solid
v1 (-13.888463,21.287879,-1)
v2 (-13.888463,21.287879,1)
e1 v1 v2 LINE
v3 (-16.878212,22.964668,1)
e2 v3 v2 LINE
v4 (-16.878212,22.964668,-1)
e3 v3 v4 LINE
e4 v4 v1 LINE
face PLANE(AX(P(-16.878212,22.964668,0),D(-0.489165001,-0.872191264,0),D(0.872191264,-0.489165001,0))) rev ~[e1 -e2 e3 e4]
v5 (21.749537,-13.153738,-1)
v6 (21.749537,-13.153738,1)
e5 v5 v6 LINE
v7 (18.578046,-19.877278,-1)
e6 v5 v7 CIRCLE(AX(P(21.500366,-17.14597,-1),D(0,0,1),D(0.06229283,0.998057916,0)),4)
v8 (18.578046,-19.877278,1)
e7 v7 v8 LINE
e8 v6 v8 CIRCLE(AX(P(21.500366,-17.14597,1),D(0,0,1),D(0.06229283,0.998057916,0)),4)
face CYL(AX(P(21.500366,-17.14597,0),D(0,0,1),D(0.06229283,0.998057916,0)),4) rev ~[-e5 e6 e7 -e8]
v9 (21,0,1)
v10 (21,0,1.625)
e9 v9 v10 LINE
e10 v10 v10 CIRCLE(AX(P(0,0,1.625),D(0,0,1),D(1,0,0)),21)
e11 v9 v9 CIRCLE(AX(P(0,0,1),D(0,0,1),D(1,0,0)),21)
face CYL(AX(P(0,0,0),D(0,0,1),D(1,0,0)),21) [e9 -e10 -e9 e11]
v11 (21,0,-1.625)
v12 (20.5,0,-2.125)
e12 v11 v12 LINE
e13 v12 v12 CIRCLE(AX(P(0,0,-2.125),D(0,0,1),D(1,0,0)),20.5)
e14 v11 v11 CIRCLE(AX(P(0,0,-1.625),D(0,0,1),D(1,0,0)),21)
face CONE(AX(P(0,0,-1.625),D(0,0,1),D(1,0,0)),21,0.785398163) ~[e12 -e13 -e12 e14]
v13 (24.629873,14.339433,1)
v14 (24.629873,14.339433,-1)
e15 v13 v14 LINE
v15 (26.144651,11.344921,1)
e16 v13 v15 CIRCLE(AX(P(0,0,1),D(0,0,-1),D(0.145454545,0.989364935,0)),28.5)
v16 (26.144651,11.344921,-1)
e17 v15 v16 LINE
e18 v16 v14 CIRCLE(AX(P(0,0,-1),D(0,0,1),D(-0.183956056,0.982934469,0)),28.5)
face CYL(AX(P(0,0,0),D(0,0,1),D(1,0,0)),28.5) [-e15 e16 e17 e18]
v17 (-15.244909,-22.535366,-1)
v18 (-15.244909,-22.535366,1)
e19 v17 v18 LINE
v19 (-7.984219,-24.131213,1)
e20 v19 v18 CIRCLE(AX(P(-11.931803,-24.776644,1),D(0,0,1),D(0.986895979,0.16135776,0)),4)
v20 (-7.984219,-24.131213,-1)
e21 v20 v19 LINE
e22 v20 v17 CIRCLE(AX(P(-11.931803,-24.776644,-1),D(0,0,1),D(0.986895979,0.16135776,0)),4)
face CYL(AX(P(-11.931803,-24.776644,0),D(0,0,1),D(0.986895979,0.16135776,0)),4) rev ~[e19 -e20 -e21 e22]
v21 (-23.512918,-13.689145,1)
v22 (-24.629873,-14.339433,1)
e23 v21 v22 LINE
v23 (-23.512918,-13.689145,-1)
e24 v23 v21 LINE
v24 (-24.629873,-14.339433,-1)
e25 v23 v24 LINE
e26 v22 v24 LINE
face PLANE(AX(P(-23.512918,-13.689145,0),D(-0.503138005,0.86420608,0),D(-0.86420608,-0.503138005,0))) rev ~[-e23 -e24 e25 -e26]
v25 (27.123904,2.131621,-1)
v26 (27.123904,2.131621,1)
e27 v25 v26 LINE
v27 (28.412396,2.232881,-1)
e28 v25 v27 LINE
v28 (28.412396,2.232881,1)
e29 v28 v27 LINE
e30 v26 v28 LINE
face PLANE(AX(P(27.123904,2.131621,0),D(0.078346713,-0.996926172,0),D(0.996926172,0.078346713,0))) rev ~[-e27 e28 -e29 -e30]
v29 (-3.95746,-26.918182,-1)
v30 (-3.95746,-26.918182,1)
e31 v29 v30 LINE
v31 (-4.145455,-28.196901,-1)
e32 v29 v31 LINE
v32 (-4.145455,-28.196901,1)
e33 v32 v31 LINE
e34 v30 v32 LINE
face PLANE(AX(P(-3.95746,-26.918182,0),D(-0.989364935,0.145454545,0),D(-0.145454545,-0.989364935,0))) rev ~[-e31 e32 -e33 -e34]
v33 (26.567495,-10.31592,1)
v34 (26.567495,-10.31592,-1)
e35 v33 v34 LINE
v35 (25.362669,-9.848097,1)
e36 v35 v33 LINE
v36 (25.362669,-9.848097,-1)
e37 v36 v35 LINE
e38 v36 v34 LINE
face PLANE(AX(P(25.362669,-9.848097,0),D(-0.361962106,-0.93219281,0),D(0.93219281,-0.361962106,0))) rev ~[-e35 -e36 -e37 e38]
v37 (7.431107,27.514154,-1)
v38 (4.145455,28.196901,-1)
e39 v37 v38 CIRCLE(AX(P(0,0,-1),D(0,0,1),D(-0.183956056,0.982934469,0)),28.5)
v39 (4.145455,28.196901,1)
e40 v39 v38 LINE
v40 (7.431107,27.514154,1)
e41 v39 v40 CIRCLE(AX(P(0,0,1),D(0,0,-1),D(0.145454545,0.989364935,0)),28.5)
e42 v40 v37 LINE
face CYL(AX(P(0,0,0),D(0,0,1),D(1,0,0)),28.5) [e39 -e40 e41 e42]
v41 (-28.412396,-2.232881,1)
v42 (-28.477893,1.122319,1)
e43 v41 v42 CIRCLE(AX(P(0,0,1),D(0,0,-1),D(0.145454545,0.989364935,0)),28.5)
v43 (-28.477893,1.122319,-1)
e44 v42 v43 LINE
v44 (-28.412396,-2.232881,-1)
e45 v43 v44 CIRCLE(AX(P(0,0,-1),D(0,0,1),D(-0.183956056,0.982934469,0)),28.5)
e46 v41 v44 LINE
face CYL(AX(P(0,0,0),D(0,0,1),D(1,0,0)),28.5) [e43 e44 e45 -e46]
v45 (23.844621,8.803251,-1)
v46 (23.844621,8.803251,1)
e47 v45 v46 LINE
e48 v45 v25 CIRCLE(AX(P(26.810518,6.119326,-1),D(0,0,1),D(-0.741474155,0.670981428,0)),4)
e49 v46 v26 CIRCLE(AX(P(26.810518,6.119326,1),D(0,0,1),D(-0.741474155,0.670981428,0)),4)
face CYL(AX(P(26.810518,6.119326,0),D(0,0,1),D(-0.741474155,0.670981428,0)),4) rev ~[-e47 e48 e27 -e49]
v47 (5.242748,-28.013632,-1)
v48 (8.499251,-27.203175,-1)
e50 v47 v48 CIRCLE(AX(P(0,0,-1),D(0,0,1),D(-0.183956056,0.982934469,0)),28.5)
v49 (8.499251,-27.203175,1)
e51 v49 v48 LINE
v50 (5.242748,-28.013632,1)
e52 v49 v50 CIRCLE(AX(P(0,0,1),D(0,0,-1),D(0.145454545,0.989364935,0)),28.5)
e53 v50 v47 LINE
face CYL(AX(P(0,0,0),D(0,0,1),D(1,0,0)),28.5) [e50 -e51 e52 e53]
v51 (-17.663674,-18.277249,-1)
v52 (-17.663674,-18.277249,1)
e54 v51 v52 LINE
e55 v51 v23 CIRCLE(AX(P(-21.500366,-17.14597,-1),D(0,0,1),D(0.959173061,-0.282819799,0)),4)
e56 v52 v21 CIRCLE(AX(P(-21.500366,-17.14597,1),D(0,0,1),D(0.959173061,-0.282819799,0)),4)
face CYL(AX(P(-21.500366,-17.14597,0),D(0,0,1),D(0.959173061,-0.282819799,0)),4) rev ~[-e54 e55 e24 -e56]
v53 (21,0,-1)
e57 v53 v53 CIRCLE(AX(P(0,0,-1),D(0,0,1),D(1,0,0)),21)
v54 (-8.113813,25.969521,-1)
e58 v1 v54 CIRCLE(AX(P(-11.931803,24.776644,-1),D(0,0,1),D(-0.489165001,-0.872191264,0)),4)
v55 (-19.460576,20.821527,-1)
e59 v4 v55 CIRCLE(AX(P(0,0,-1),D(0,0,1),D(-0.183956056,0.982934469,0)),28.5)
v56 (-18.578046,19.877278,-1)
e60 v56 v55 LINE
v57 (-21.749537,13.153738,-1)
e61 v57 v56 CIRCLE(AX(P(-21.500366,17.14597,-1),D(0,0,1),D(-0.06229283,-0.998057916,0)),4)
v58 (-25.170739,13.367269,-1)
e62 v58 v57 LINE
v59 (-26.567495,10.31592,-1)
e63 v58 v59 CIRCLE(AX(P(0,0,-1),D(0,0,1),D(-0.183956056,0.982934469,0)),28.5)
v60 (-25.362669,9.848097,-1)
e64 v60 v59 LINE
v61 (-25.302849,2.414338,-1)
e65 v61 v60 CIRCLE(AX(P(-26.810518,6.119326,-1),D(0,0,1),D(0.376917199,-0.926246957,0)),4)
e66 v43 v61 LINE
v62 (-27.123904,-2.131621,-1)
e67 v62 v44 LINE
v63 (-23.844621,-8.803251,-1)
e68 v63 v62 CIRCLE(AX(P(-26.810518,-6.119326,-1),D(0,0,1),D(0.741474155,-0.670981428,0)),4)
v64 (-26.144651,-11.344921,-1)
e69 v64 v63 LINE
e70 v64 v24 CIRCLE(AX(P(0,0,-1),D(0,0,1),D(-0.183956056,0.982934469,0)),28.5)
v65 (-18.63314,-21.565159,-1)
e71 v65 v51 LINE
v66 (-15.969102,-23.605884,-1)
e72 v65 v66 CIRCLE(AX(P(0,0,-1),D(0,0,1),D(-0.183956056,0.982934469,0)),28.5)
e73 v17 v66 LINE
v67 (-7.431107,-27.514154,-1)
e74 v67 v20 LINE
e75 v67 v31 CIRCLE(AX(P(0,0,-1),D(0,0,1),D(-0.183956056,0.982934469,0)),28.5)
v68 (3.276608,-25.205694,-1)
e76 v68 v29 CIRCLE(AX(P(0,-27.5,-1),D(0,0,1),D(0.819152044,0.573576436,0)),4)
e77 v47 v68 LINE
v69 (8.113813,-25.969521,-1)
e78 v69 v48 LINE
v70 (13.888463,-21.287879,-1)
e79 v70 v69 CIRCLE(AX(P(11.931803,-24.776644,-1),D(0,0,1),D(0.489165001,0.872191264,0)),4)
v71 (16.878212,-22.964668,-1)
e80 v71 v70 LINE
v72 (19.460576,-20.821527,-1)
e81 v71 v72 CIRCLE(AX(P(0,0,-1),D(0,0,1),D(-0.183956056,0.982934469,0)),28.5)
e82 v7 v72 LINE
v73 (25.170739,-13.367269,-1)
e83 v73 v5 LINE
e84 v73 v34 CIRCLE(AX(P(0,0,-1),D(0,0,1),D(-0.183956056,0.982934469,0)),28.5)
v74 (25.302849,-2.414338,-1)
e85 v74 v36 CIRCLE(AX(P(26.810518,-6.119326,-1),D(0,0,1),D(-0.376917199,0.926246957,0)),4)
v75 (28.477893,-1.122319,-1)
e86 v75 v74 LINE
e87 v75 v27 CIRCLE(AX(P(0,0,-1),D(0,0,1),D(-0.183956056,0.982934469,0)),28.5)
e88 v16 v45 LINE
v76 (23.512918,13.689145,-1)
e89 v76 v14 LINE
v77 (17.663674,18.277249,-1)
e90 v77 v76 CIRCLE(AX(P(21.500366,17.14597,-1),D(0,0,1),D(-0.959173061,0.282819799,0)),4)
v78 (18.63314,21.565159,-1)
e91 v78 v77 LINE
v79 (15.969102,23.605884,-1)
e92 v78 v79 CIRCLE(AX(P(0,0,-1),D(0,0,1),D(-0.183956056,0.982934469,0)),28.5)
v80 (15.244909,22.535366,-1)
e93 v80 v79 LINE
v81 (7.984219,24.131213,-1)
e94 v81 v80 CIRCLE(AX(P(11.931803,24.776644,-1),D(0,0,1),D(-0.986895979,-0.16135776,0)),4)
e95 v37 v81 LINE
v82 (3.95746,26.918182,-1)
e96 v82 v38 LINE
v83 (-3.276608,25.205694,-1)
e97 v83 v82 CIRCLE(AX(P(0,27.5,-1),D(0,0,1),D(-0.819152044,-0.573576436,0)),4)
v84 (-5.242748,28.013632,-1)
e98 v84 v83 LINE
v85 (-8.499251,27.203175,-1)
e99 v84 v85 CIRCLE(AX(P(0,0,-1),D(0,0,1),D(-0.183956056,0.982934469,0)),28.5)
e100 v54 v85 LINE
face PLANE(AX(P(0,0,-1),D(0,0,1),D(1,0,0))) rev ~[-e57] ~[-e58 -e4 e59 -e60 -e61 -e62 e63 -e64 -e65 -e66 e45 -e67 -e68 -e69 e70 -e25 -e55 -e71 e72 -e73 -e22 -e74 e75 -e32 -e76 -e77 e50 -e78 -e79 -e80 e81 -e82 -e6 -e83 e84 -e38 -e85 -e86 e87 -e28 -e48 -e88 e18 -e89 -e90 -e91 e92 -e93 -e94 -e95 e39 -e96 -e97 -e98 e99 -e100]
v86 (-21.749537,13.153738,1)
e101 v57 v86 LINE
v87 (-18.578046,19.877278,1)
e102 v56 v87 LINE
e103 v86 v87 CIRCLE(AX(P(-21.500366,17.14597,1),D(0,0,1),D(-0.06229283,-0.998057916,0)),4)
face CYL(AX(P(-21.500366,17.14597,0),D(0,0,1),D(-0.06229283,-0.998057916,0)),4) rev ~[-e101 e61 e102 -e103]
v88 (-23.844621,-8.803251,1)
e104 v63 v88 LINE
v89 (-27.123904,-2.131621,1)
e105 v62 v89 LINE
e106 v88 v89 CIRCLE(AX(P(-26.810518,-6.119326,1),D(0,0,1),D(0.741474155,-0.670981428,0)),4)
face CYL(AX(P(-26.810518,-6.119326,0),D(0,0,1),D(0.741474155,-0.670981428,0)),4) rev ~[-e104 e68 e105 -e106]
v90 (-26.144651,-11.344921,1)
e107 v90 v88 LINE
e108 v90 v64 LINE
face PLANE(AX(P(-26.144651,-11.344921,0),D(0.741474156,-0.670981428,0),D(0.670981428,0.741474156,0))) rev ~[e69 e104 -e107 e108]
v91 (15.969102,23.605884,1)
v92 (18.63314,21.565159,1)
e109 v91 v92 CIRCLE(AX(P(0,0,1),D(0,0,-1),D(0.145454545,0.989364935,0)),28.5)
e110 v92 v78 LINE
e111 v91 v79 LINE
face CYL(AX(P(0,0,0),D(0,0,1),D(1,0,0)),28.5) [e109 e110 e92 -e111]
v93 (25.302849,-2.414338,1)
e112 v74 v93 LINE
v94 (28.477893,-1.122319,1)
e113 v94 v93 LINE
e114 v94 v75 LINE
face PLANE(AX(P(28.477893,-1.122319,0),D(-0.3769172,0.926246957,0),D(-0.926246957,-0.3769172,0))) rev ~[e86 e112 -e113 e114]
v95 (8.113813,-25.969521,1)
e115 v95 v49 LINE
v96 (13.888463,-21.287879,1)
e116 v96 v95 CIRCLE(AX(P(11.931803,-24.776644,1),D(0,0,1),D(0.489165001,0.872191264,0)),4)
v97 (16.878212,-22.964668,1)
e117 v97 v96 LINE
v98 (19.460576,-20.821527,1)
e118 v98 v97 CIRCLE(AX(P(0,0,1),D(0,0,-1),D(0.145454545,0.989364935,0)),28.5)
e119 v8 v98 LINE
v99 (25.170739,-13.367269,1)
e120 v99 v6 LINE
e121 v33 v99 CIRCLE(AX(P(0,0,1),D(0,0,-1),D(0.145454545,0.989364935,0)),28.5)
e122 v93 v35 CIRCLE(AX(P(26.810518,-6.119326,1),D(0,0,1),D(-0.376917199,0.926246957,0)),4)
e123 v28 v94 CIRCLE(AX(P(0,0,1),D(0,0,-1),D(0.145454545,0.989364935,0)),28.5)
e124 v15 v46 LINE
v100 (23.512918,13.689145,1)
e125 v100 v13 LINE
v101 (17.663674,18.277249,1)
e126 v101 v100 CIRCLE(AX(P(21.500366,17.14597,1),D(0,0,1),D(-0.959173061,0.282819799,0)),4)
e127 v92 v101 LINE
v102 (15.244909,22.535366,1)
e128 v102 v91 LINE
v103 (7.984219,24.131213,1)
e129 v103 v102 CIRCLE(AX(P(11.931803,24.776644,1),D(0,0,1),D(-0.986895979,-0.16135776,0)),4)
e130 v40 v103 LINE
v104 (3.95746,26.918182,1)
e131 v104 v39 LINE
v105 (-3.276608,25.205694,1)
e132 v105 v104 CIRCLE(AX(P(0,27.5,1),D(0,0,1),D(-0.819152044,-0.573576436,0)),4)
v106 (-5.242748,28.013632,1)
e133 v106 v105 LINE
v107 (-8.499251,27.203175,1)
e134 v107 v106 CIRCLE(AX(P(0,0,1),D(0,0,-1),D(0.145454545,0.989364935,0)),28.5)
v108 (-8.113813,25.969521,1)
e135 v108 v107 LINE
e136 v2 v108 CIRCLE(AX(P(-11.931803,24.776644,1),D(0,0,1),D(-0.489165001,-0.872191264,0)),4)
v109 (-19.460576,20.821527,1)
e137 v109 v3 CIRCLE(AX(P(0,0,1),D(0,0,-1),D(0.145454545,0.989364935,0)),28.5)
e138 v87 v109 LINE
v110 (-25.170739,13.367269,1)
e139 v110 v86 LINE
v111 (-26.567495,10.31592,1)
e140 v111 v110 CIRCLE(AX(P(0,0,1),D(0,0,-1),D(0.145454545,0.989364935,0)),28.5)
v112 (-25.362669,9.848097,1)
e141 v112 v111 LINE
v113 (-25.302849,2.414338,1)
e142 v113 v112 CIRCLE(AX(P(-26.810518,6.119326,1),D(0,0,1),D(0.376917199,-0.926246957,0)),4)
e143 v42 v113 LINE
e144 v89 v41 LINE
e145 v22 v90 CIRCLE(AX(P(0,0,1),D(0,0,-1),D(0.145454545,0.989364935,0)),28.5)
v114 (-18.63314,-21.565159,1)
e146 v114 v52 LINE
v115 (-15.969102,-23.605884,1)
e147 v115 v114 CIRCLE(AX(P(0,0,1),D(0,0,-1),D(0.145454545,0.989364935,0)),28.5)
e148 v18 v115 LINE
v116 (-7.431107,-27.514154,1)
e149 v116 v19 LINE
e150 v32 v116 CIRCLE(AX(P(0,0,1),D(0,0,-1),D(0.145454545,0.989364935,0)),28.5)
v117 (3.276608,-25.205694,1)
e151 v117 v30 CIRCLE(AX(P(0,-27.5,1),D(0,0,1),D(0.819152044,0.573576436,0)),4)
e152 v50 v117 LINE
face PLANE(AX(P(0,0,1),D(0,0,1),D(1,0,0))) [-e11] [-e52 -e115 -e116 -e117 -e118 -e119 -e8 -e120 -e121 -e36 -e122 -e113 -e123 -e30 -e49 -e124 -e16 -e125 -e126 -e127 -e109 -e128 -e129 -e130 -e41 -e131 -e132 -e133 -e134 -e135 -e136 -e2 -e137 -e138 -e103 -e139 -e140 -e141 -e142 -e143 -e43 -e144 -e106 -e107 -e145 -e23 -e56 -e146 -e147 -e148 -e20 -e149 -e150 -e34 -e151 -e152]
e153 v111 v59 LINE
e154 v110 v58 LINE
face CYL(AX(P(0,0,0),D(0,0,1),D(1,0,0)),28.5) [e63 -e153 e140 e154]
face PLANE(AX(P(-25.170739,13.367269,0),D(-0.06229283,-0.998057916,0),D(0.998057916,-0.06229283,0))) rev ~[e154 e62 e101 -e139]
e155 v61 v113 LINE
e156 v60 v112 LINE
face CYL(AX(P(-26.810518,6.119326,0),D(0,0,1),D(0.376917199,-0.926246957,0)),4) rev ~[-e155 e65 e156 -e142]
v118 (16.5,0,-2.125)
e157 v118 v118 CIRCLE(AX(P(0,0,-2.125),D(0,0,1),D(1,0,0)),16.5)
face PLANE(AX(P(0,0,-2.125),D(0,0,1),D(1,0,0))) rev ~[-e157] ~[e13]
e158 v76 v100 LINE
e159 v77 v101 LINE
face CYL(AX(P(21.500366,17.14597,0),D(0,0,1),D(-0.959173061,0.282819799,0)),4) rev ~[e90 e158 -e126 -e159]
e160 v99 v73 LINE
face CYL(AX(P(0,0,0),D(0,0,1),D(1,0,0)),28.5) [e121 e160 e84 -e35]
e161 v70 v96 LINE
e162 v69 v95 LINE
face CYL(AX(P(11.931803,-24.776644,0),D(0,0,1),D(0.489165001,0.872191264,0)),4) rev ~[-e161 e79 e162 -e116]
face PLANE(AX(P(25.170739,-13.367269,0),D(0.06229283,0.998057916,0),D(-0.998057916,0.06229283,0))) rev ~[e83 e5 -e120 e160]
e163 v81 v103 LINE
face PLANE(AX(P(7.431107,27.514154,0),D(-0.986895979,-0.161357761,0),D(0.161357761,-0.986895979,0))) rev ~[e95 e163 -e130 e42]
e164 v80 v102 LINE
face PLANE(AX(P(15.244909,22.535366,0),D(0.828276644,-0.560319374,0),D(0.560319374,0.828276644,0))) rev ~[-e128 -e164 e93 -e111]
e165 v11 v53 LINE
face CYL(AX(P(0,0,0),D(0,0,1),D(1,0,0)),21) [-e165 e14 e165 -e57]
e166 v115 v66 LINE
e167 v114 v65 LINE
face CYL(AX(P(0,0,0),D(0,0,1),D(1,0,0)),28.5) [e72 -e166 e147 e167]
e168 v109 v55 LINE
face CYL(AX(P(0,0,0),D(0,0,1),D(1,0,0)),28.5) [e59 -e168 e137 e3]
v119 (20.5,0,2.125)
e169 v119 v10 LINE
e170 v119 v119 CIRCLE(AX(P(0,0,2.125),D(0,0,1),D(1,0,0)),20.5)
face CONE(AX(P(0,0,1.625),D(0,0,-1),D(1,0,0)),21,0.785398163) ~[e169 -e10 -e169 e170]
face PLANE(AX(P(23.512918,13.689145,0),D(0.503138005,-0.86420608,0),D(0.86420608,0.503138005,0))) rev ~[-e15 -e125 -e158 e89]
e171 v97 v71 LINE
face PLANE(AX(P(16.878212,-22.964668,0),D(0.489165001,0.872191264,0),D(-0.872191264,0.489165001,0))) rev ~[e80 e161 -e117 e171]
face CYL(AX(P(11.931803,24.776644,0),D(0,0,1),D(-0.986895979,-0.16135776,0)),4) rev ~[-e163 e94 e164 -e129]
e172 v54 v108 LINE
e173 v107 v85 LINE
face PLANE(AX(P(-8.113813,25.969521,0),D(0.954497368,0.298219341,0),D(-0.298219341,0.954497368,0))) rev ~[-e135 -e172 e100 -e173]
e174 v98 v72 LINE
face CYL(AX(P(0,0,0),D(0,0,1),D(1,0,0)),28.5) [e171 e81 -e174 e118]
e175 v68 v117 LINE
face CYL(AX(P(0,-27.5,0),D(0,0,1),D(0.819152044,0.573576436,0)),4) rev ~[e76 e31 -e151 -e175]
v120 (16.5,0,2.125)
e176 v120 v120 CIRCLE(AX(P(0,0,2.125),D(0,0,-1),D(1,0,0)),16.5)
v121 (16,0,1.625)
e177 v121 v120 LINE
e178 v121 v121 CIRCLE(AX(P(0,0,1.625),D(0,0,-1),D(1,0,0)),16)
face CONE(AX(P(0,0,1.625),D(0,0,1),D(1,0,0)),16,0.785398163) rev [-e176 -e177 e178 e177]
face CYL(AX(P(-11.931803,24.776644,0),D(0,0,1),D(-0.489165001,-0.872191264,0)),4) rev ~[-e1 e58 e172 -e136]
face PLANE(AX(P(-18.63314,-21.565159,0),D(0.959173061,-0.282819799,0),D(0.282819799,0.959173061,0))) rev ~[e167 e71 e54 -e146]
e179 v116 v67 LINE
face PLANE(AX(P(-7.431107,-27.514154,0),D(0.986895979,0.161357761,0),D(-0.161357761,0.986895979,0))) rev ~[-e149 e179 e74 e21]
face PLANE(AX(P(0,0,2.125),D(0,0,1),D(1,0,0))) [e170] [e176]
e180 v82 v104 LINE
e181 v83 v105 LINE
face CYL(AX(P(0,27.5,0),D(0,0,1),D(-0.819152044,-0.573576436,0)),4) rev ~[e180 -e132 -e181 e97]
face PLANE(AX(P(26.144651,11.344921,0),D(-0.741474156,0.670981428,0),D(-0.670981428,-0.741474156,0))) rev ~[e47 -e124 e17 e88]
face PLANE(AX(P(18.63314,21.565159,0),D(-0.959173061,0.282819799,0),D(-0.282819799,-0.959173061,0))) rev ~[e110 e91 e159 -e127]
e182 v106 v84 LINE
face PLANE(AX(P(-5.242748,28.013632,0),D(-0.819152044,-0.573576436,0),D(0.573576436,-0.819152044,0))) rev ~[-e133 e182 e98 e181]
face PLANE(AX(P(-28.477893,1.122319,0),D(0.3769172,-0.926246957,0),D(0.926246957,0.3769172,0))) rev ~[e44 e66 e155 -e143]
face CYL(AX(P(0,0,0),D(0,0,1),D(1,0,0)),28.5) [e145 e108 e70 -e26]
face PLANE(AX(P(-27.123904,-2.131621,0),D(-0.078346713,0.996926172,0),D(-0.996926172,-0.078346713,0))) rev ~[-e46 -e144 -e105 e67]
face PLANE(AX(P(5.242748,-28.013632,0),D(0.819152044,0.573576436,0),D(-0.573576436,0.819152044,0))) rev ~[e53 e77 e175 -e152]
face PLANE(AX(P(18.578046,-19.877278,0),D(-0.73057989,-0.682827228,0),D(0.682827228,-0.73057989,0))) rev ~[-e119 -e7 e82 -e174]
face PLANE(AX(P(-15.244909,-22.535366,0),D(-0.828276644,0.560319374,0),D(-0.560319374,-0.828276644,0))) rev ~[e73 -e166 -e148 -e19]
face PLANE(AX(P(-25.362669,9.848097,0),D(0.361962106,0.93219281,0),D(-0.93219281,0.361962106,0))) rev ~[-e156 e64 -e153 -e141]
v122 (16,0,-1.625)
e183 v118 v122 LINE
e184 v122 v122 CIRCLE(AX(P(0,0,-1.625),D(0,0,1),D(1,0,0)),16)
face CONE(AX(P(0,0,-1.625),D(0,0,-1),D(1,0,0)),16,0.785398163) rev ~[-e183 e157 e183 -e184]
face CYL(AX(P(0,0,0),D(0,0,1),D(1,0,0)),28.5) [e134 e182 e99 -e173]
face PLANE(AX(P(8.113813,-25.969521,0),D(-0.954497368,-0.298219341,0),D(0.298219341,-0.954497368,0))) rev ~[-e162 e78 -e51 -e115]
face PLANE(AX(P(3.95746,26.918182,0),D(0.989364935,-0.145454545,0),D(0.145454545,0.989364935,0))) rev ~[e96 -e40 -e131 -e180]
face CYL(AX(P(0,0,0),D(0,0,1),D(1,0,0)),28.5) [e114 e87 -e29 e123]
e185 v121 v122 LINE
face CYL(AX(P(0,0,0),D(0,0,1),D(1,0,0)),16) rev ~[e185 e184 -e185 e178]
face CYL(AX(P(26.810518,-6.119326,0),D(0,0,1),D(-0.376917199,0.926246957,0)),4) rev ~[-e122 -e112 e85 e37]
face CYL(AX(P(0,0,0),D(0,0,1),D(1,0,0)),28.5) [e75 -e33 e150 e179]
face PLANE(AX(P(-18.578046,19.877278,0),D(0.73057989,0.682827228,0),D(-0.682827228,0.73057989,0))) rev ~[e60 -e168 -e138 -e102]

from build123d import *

# Parameters (mm, degrees)
ESQUISSE1_R                  = 28.5
EXTRUSION1_DEPTH             = 1
ENL_V_MAT_EXTRU_1_DEPTH      = 2
R_P_TITION_CIRCULAIRE1_COUNT = 14
ESQUISSE3_R                  = 21
EXTRUSION2_DEPTH             = 2.125
ESQUISSE4_R                  = 16
ENL_V_MAT_EXTRU_2_DEPTH      = 3.125
ENL_V_MAT_EXTRU_2_DEPTH_BACK = 3.125
CHANFREIN1_SIZE              = 0.5


with BuildPart() as part:
    # Esquisse1 → Extrusion1 (new body, symmetric)
    with BuildSketch(Plane.XY):
        Circle(ESQUISSE1_R)
    extrude(amount=EXTRUSION1_DEPTH, both=True)

    # Esquisse2 → Enlèv. mat.-Extru.1 (cut, symmetric)
    with BuildSketch(Plane.XY):
        with BuildLine():
            Line((-5.2427476, 28.013632353), (-3.276608177, 25.205694255))
            ThreePointArc((-3.276608177, 25.205694255), (0.921435362, 23.607576992), (3.957459741, 26.918181818))
            Line((3.957459741, 26.918181818), (4.145454545, 28.196900656))
            ThreePointArc((4.145454545, 28.196900656), (-0.556246195, 28.49457124), (-5.2427476, 28.013632353))
        make_face()
    enl_v_mat_extru_1 = extrude(amount=ENL_V_MAT_EXTRU_1_DEPTH, both=True, mode=Mode.SUBTRACT)

    # Répétition circulaire1: Enlèv. mat.-Extru.1 ×14 about axis
    r_p_tition_circulaire1_axis = Axis((0, 0, 0), (0, 0, 1))
    for i in range(1, R_P_TITION_CIRCULAIRE1_COUNT):
        add(enl_v_mat_extru_1.rotate(r_p_tition_circulaire1_axis, i * 360 / R_P_TITION_CIRCULAIRE1_COUNT), mode=Mode.SUBTRACT)

    # Esquisse3 → Extrusion2 (add, symmetric)
    with BuildSketch(Plane.XY):
        Circle(ESQUISSE3_R)
    extrude(amount=EXTRUSION2_DEPTH, both=True)

    # Esquisse4 → Enlèv. mat.-Extru.2 (cut, two sides)
    with BuildSketch(Plane.XY) as enl_v_mat_extru_2_sk:
        Circle(ESQUISSE4_R)
    extrude(amount=ENL_V_MAT_EXTRU_2_DEPTH, mode=Mode.SUBTRACT)
    extrude(enl_v_mat_extru_2_sk.sketch, amount=-ENL_V_MAT_EXTRU_2_DEPTH_BACK, mode=Mode.SUBTRACT)

    # Chanfrein1
    chanfrein1_edges = [part.edges().sort_by_distance(p)[0] for p in [
        (-21, 0, -2.125),
        (-21, 0, 2.125),
        (-16, 0, -2.125),
        (-16, 0, 2.125),
    ]]
    chamfer(chanfrein1_edges, length=CHANFREIN1_SIZE)


solid = part.part
